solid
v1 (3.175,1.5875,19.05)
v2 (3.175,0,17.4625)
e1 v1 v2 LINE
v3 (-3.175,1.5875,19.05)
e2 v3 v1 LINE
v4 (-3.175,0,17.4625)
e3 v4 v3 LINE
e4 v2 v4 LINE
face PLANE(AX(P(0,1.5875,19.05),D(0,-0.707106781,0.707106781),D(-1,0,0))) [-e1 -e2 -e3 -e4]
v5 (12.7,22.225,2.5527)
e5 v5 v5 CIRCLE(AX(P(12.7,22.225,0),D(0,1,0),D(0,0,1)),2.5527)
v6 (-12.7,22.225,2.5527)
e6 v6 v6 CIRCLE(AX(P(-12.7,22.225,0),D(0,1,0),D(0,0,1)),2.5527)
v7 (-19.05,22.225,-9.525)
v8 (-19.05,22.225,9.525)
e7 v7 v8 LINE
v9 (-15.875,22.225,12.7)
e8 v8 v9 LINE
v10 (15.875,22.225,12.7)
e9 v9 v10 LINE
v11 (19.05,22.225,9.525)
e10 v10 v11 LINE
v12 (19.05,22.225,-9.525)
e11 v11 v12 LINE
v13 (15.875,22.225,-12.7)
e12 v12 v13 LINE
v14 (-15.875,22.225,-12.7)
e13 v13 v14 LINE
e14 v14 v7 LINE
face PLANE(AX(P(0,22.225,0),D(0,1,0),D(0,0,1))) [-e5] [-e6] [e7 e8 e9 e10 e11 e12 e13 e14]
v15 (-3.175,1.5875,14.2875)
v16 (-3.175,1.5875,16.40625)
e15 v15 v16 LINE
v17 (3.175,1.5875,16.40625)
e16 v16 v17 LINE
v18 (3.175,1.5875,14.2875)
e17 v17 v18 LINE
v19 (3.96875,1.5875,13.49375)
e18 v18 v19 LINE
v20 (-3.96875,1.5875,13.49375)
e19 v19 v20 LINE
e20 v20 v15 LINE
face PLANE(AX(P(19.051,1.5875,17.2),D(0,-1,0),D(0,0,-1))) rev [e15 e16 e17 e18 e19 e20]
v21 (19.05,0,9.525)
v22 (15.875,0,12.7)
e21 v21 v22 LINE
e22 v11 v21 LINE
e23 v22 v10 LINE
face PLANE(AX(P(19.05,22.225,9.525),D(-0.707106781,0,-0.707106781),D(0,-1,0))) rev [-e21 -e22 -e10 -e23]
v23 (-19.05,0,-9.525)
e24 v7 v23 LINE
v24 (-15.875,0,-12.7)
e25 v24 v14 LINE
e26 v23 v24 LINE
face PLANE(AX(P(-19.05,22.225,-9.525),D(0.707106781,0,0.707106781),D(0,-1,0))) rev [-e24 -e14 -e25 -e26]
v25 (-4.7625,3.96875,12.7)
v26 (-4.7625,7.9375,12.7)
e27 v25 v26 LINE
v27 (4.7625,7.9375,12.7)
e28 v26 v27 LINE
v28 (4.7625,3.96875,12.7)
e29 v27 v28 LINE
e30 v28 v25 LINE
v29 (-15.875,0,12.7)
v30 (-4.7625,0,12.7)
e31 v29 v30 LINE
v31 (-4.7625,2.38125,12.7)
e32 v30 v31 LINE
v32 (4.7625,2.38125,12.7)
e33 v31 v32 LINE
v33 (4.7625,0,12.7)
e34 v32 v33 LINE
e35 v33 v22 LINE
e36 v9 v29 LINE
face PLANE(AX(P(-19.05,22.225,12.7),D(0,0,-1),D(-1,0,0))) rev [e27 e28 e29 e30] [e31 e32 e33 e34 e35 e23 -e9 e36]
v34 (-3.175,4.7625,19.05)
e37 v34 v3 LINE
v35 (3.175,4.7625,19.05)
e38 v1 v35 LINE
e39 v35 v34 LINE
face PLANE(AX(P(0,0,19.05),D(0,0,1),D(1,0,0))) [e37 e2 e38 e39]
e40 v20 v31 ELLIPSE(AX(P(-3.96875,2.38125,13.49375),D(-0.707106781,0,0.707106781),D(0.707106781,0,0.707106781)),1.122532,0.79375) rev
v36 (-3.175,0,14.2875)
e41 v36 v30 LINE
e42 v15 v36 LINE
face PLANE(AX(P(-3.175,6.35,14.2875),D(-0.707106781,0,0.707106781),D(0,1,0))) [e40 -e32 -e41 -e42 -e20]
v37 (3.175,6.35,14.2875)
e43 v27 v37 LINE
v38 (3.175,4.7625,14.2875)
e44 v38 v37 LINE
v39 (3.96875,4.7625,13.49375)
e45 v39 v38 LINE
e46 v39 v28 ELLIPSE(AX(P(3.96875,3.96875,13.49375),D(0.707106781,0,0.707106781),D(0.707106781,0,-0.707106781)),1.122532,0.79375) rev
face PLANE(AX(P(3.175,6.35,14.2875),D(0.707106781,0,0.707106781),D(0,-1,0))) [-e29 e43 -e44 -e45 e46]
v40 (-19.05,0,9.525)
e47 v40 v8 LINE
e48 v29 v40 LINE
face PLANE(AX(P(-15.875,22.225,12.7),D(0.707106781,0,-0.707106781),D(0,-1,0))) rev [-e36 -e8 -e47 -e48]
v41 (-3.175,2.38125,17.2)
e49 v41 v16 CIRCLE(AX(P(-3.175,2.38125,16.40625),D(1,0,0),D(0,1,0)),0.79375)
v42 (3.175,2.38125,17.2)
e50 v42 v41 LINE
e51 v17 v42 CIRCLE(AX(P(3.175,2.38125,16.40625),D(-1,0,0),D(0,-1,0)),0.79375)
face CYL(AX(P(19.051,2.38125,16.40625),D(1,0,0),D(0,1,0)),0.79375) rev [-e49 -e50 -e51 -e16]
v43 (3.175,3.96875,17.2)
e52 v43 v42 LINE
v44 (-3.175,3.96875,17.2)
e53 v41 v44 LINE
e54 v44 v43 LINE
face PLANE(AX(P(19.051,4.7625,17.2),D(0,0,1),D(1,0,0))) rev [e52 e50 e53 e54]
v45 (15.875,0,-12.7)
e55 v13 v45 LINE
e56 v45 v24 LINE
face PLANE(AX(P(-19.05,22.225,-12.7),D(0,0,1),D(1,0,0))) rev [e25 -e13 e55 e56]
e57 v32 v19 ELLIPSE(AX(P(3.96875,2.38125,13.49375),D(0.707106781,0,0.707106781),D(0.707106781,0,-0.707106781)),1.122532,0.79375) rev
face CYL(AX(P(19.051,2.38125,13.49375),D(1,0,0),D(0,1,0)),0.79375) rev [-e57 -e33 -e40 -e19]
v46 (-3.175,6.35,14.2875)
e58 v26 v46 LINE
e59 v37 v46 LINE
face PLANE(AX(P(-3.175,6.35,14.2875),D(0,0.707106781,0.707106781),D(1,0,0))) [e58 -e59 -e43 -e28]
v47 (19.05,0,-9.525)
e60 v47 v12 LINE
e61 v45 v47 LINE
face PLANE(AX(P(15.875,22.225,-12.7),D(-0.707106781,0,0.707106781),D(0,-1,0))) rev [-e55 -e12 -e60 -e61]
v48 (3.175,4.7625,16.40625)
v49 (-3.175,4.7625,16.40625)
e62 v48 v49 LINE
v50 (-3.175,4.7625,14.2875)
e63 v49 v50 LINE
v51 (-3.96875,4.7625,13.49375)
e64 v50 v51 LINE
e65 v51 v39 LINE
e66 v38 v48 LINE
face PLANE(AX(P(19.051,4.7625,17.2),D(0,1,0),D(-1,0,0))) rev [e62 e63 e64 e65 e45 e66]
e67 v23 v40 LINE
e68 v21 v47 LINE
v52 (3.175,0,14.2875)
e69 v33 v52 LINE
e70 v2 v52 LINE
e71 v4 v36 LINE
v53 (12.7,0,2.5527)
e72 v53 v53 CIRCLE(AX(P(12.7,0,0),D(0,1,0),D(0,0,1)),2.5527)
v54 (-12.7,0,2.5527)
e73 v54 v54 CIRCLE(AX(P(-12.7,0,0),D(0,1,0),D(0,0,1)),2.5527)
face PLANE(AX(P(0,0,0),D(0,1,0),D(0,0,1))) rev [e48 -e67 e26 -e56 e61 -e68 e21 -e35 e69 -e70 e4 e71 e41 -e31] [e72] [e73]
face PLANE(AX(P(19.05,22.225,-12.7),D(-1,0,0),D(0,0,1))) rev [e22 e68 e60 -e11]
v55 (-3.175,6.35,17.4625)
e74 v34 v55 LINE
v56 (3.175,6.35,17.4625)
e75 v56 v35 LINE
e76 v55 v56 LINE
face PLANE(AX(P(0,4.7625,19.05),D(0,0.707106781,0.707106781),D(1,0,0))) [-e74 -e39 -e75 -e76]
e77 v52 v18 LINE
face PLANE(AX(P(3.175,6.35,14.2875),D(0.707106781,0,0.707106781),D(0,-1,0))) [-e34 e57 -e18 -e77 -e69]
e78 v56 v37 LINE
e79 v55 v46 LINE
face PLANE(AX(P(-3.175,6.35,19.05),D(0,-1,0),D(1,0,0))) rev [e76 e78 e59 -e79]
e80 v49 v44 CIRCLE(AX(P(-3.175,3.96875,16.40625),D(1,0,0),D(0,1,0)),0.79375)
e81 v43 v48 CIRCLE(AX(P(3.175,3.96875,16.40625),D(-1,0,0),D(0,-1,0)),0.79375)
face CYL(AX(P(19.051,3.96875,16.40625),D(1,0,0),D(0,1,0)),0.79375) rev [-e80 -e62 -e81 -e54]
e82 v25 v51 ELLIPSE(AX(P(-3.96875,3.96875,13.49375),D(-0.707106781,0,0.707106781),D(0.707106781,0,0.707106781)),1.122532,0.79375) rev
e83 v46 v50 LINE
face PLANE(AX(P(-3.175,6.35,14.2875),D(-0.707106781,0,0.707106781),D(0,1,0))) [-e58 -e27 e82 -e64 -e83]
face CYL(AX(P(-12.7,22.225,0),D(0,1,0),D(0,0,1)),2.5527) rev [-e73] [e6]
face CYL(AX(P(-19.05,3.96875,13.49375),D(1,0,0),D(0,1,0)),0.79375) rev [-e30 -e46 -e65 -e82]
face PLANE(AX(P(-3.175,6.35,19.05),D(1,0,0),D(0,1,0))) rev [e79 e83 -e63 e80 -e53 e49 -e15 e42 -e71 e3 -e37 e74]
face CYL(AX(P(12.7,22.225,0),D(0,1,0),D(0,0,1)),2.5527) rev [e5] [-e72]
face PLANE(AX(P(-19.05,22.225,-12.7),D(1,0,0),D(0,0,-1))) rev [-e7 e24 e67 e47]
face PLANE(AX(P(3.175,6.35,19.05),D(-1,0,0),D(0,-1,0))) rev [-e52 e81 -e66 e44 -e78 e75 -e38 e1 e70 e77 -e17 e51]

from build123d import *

# Parameters (mm, degrees)
SKETCH1_W              = 38.1
SKETCH1_H              = 25.4
BOSS_EXTRUDE1_DEPTH    = 22.225
F_10_CLEARANCE_HOLE1_D = 5.1054
CHAMFER1_SIZE          = 3.175
SKETCH6_W              = 6.35
SKETCH6_H              = 6.35
BOSS_EXTRUDE3_DEPTH    = 6.35
CUT_EXTRUDE1_REACH     = 38.753
SKETCH7_W              = 4.5
SKETCH7_H              = 3.175
CHAMFER4_SIZE          = 1.5875
CHAMFER5_SIZE          = 1.5875
FILLET2_R              = 0.79375


with BuildPart() as part:
    # Sketch1 → Boss-Extrude1 (new body)
    with BuildSketch(Plane(origin=(0, 0, 0), x_dir=(1, 0, 0), z_dir=(0, 1, 0))):
        Rectangle(SKETCH1_W, SKETCH1_H)
    extrude(amount=BOSS_EXTRUDE1_DEPTH)

    # #10 Clearance Hole1 (through all)
    with Locations(Plane(origin=(0, 22.225, 0), x_dir=(1, 0, 0), z_dir=(0, 1, 0))):
        with Locations((-12.7, 0), (12.7, 0)):
            Hole(F_10_CLEARANCE_HOLE1_D / 2)

    # Chamfer1
    chamfer1_edges = [part.edges().sort_by_distance(p)[0] for p in [
        (19.05, 11.1125, 12.7),
        (-19.05, 11.1125, 12.7),
        (-19.05, 11.1125, -12.7),
        (19.05, 11.1125, -12.7),
    ]]
    chamfer(chamfer1_edges, length=CHAMFER1_SIZE)

    # Sketch6 → Boss-Extrude3 (add)
    with BuildSketch(Plane.XY.offset(12.7)):
        with Locations((0, 3.175)):
            Rectangle(SKETCH6_W, SKETCH6_H)
    extrude(amount=BOSS_EXTRUDE3_DEPTH)

    # Sketch7 → Cut-Extrude1 (cut, up to next)
    with BuildSketch(Plane.ZY.offset(3.175), mode=Mode.PRIVATE) as cut_extrude1_sk1:
        with Locations((14.95, 3.175)):
            Rectangle(SKETCH7_W, SKETCH7_H)
    cut_extrude1_tool1 = extrude(cut_extrude1_sk1.sketch, amount=-CUT_EXTRUDE1_REACH, mode=Mode.PRIVATE) & part.part
    add(cut_extrude1_tool1.solids().sort_by_distance((-3.175, 3.175, 14.95))[0], mode=Mode.SUBTRACT)

    # Chamfer4
    chamfer4_edges = [part.edges().sort_by_distance(p)[0] for p in [
        (0, 0, 19.05),
        (0, 6.35, 19.05),
    ]]
    chamfer(chamfer4_edges, length=CHAMFER4_SIZE)

    # Chamfer5
    chamfer5_edges = [part.edges().sort_by_distance(p)[0] for p in [
        (-3.175, 5.55625, 12.7),
        (3.175, 0.79375, 12.7),
        (0, 6.35, 12.7),
        (3.175, 5.55625, 12.7),
        (-3.175, 0.79375, 12.7),
    ]]
    chamfer(chamfer5_edges, length=CHAMFER5_SIZE)

    # Fillet2
    fillet2_edges = [part.edges().sort_by_distance(p)[0] for p in [
        (0, 4.7625, 17.2),
        (0, 1.5875, 17.2),
        (0, 1.5875, 12.7),
        (0, 4.7625, 12.7),
    ]]
    fillet(fillet2_edges, radius=FILLET2_R)


solid = part.part
